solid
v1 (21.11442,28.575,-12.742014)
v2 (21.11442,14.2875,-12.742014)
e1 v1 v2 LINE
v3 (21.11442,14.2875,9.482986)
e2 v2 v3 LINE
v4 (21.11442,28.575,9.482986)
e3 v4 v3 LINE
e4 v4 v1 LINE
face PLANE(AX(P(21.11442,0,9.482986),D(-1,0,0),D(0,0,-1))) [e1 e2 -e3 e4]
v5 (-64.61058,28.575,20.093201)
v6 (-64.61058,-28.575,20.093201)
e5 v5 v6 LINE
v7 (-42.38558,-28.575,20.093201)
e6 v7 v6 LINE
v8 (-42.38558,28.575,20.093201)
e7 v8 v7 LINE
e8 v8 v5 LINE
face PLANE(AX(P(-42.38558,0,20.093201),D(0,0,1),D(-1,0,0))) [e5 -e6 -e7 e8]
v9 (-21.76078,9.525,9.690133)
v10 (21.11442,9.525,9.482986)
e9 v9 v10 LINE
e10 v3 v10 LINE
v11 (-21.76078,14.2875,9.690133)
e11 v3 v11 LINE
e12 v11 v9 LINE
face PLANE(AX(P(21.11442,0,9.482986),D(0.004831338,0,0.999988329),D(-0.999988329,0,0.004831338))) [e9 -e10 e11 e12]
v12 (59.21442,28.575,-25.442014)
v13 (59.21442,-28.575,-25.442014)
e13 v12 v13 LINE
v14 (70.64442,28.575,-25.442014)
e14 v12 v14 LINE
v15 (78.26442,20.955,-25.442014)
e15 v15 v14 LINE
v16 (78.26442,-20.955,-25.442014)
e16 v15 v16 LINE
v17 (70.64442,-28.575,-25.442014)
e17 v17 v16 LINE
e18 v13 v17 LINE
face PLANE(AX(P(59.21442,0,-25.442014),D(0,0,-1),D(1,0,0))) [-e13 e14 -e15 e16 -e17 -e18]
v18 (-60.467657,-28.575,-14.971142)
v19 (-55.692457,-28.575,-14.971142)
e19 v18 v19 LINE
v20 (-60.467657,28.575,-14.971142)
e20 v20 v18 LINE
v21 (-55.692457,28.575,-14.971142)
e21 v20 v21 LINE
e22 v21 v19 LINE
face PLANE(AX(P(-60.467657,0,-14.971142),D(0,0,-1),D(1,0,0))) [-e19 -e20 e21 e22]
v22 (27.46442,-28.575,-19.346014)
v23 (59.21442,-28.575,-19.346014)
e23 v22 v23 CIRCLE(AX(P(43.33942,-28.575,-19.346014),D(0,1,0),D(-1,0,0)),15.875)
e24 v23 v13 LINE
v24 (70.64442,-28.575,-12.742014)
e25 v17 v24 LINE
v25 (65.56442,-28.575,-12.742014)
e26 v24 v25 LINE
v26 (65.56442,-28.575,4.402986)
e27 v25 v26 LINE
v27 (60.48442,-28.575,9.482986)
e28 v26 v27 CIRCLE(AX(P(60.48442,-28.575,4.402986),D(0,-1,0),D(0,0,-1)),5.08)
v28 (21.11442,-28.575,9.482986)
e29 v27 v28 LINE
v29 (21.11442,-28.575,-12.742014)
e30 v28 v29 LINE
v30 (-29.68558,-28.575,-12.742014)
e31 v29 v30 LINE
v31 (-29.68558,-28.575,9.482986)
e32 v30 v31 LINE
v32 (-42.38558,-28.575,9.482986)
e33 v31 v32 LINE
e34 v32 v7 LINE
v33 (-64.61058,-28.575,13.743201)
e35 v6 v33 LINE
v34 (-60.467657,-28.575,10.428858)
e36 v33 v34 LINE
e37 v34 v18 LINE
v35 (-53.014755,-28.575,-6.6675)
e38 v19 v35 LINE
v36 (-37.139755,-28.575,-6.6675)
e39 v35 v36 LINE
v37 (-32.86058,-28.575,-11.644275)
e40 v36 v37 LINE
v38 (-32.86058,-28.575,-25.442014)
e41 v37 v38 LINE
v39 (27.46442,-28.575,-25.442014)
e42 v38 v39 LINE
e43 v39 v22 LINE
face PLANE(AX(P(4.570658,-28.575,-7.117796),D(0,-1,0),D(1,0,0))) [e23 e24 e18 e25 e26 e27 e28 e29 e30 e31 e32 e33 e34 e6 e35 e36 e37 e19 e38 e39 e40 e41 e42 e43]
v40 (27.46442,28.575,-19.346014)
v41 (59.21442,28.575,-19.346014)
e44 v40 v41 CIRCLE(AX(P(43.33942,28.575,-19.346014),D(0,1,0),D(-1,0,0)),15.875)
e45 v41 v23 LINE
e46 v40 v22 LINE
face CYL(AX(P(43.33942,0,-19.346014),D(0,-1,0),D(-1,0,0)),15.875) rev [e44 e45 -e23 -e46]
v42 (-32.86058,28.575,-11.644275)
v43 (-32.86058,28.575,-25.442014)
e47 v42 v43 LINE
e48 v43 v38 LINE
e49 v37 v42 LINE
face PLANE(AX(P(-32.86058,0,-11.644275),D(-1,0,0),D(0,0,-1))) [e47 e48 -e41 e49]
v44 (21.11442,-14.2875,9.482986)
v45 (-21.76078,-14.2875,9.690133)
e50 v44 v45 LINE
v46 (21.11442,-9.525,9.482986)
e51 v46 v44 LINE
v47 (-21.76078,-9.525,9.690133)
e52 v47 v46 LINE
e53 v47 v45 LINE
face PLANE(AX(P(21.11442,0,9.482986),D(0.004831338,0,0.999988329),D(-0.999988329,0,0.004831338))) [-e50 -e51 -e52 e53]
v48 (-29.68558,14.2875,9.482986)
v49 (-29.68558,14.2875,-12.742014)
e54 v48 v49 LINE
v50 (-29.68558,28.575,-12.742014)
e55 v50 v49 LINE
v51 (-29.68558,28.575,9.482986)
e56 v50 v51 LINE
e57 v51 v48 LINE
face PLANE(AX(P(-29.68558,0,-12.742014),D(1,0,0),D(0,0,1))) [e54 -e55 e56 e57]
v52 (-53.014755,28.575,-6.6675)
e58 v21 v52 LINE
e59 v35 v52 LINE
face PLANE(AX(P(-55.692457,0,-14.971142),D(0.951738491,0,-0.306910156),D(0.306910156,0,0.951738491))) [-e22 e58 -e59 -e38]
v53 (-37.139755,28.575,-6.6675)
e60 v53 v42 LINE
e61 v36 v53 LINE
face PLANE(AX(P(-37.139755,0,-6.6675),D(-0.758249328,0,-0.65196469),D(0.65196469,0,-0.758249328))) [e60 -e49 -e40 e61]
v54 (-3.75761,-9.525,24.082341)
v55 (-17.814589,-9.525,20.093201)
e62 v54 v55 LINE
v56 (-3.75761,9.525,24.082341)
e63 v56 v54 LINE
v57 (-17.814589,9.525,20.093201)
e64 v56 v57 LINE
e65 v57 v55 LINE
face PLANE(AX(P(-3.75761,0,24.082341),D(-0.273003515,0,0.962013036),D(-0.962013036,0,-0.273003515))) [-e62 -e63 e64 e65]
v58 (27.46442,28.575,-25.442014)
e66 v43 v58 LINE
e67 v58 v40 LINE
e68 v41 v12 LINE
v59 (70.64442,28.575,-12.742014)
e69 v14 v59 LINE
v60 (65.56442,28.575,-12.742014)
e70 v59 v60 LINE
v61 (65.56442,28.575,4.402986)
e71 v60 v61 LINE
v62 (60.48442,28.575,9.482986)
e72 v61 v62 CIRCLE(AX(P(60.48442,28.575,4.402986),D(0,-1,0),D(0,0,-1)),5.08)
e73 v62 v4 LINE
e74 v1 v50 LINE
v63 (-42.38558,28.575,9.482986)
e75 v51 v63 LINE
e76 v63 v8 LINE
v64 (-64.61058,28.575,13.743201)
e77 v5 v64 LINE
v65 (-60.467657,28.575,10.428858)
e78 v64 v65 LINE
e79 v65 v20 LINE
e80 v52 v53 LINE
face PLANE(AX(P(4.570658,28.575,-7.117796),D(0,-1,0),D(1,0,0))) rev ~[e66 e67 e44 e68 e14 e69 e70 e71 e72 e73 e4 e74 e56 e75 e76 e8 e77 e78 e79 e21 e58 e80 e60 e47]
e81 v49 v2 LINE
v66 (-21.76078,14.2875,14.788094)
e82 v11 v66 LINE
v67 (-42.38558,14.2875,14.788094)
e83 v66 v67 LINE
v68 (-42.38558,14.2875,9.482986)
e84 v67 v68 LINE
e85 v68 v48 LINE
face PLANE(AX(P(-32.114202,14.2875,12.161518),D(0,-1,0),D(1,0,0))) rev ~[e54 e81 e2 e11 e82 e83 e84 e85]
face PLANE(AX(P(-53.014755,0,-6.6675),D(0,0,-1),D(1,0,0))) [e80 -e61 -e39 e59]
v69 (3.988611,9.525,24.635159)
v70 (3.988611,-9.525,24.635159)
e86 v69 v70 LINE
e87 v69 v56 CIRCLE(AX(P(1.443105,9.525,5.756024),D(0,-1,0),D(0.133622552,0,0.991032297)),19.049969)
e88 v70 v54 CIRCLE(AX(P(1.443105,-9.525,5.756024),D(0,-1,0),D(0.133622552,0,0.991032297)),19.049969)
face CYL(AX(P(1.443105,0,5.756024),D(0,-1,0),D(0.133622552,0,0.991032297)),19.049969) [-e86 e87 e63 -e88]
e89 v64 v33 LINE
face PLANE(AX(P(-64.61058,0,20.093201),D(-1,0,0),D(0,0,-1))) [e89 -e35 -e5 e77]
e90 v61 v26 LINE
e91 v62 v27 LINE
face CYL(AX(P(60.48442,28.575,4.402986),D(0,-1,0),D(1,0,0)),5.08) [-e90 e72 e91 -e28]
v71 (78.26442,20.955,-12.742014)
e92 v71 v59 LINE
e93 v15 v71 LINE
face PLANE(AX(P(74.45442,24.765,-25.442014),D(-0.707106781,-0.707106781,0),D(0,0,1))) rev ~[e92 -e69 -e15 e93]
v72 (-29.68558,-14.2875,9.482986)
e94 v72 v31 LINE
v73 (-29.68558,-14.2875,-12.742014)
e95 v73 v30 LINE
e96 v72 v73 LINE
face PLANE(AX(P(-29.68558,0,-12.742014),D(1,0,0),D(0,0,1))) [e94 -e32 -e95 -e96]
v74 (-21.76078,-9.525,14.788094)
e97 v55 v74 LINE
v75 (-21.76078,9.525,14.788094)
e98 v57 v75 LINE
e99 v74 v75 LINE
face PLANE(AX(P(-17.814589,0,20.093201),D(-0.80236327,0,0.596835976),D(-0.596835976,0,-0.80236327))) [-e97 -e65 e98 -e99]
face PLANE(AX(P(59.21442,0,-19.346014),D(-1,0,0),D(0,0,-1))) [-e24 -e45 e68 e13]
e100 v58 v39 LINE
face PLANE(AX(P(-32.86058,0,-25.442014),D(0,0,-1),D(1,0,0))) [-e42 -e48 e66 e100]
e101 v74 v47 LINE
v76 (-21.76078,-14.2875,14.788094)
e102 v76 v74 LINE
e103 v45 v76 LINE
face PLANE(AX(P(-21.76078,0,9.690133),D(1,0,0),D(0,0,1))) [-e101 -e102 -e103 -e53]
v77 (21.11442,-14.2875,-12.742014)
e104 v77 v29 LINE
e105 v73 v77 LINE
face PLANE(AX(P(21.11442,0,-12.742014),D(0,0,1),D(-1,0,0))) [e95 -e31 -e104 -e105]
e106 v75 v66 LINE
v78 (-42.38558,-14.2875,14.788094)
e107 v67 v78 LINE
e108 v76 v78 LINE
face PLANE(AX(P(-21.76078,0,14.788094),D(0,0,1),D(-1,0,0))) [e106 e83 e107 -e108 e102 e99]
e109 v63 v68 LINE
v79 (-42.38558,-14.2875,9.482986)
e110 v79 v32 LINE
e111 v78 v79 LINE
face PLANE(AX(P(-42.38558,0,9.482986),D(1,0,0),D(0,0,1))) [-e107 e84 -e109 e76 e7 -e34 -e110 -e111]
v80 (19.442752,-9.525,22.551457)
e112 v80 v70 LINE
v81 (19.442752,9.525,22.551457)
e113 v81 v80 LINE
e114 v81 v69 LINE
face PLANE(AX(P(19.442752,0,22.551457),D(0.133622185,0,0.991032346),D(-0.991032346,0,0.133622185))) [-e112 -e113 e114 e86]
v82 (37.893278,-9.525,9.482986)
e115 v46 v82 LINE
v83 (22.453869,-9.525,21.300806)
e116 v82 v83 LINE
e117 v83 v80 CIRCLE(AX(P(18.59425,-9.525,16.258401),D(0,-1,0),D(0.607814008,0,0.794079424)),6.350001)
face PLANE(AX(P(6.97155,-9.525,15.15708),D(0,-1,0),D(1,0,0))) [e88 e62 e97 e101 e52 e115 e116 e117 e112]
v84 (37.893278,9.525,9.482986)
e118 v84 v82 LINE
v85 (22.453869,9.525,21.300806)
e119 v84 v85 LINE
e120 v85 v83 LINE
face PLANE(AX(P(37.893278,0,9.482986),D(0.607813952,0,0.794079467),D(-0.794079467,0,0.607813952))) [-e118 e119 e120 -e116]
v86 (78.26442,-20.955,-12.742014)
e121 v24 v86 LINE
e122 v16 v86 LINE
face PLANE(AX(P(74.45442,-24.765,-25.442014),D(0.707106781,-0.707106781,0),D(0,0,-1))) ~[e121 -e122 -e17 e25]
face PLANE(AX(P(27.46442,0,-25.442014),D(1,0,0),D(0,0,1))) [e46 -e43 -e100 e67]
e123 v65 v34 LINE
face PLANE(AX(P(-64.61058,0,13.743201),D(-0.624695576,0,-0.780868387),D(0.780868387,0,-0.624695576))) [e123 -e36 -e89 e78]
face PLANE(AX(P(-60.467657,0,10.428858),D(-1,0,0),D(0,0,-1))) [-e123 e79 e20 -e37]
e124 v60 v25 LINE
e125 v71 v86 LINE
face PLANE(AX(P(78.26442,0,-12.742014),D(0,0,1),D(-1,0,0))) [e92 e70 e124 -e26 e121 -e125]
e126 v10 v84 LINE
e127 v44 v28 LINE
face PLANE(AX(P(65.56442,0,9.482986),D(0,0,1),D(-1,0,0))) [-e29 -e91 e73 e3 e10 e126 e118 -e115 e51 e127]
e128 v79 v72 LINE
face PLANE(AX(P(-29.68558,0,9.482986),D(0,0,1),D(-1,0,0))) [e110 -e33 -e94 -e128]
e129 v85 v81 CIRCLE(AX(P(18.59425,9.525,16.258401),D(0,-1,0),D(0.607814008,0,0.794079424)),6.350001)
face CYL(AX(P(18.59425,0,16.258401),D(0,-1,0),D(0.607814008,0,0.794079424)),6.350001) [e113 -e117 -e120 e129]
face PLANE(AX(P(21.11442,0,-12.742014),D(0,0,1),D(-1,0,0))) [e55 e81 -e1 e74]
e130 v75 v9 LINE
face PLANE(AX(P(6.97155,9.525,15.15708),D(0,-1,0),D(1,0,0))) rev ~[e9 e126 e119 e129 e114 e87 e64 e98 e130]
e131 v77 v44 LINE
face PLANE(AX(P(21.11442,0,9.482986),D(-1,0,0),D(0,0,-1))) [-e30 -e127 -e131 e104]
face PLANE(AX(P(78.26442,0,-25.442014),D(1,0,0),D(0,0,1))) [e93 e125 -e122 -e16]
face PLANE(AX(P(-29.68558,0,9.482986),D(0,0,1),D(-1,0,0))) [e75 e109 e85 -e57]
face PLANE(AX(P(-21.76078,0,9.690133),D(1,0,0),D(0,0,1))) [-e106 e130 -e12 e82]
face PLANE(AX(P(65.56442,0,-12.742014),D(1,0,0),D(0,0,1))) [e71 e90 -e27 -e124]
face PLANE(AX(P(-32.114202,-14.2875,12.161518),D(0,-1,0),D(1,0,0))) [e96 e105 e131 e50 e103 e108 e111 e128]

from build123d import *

# Parameters (mm, degrees)
F1_DEPTH = 28.575
F2_DEPTH = 14.2875
F3_DEPTH = 14.2875
F4_R     = 5.08
F5_DEPTH = 9.525
F6_SIZE  = 7.62


with BuildPart() as f1:
    # F0 (on Front) → F1 (new body, symmetric)
    with BuildSketch(Plane.XZ):
        with BuildLine():
            Line((-32.86058, -11.644275), (-32.86058, -25.442014))
            Line((-32.86058, -25.442014), (27.46442, -25.442014))
            Line((27.46442, -25.442014), (27.46442, -19.346014))
            ThreePointArc((27.46442, -19.346014), (43.33942, -3.471014), (59.21442, -19.346014))
            Line((59.21442, -19.346014), (59.21442, -25.442014))
            Line((59.21442, -25.442014), (78.26442, -25.442014))
            Line((78.26442, -25.442014), (78.26442, -18.228882))
            Line((78.26442, -18.228882), (78.26442, -12.742014))
            Line((78.26442, -12.742014), (65.56442, -12.742014))
            Line((65.56442, -12.742014), (65.56442, 9.482986))
            Line((65.56442, 9.482986), (37.893278, 9.482986))
            Line((37.893278, 9.482986), (21.11442, 9.482986))
            Line((21.11442, 9.482986), (21.11442, -12.742014))
            Line((21.11442, -12.742014), (-29.68558, -12.742014))
            Line((-29.68558, -12.742014), (-29.68558, 9.482986))
            Line((-29.68558, 9.482986), (-42.38558, 9.482986))
            Line((-42.38558, 9.482986), (-42.38558, 14.788094))
            Line((-42.38558, 14.788094), (-42.38558, 20.093201))
            Line((-42.38558, 20.093201), (-64.61058, 20.093201))
            Line((-64.61058, 20.093201), (-64.61058, 13.743201))
            Line((-64.61058, 13.743201), (-60.467657, 10.428858))
            Line((-60.467657, 10.428858), (-60.467657, -14.971142))
            Line((-60.467657, -14.971142), (-55.692457, -14.971142))
            Line((-55.692457, -14.971142), (-53.014755, -6.6675))
            Line((-53.014755, -6.6675), (-37.139755, -6.6675))
            Line((-37.139755, -6.6675), (-32.86058, -11.644275))
        make_face()
    extrude(amount=F1_DEPTH, both=True)

    # F0 (on Front) → F2 (join, symmetric)
    with BuildSketch(Plane.XZ):
        Polygon((21.11442, -12.742014), (21.11442, 9.482986), (-21.76078, 9.690133), (-29.68558, 9.482986), (-29.68558, -12.742014), align=None)
    extrude(amount=F2_DEPTH, both=True)

    # F0 (on Front) → F3 (join, symmetric)
    with BuildSketch(Plane.XZ):
        Polygon((-21.76078, 14.788094), (-42.38558, 14.788094), (-42.38558, 9.482986), (-29.68558, 9.482986), (-21.76078, 9.690133), align=None)
    extrude(amount=F3_DEPTH, both=True)

    # F4
    f4_edges = [f1.edges().sort_by_distance(p)[0] for p in [
        (65.56442, 0, 9.482986),
    ]]
    fillet(f4_edges, radius=F4_R)

    # F0 (on Front) → F5 (join, symmetric)
    with BuildSketch(Plane.XZ):
        with BuildLine():
            Line((21.11442, 9.482986), (37.893278, 9.482986))
            Line((37.893278, 9.482986), (22.453869, 21.300806))
            ThreePointArc((22.453869, 21.300806), (21.02995, 22.122689), (19.442752, 22.551457))
            Line((19.442752, 22.551457), (3.988611, 24.635159))
            ThreePointArc((3.988611, 24.635159), (0.087031, 24.757666), (-3.75761, 24.082341))
            Line((-3.75761, 24.082341), (-17.814589, 20.093201))
            Line((-17.814589, 20.093201), (-21.76078, 14.788094))
            Line((-21.76078, 14.788094), (-21.76078, 9.690133))
            Line((-21.76078, 9.690133), (21.11442, 9.482986))
        make_face()
    extrude(amount=F5_DEPTH, both=True)

    # F6
    f6_edges = [f1.edges().sort_by_distance(p)[0] for p in [
        (78.26442, -28.575, -19.092014),
        (78.26442, 28.575, -19.092014),
    ]]
    chamfer(f6_edges, length=F6_SIZE)


solid = f1.part
